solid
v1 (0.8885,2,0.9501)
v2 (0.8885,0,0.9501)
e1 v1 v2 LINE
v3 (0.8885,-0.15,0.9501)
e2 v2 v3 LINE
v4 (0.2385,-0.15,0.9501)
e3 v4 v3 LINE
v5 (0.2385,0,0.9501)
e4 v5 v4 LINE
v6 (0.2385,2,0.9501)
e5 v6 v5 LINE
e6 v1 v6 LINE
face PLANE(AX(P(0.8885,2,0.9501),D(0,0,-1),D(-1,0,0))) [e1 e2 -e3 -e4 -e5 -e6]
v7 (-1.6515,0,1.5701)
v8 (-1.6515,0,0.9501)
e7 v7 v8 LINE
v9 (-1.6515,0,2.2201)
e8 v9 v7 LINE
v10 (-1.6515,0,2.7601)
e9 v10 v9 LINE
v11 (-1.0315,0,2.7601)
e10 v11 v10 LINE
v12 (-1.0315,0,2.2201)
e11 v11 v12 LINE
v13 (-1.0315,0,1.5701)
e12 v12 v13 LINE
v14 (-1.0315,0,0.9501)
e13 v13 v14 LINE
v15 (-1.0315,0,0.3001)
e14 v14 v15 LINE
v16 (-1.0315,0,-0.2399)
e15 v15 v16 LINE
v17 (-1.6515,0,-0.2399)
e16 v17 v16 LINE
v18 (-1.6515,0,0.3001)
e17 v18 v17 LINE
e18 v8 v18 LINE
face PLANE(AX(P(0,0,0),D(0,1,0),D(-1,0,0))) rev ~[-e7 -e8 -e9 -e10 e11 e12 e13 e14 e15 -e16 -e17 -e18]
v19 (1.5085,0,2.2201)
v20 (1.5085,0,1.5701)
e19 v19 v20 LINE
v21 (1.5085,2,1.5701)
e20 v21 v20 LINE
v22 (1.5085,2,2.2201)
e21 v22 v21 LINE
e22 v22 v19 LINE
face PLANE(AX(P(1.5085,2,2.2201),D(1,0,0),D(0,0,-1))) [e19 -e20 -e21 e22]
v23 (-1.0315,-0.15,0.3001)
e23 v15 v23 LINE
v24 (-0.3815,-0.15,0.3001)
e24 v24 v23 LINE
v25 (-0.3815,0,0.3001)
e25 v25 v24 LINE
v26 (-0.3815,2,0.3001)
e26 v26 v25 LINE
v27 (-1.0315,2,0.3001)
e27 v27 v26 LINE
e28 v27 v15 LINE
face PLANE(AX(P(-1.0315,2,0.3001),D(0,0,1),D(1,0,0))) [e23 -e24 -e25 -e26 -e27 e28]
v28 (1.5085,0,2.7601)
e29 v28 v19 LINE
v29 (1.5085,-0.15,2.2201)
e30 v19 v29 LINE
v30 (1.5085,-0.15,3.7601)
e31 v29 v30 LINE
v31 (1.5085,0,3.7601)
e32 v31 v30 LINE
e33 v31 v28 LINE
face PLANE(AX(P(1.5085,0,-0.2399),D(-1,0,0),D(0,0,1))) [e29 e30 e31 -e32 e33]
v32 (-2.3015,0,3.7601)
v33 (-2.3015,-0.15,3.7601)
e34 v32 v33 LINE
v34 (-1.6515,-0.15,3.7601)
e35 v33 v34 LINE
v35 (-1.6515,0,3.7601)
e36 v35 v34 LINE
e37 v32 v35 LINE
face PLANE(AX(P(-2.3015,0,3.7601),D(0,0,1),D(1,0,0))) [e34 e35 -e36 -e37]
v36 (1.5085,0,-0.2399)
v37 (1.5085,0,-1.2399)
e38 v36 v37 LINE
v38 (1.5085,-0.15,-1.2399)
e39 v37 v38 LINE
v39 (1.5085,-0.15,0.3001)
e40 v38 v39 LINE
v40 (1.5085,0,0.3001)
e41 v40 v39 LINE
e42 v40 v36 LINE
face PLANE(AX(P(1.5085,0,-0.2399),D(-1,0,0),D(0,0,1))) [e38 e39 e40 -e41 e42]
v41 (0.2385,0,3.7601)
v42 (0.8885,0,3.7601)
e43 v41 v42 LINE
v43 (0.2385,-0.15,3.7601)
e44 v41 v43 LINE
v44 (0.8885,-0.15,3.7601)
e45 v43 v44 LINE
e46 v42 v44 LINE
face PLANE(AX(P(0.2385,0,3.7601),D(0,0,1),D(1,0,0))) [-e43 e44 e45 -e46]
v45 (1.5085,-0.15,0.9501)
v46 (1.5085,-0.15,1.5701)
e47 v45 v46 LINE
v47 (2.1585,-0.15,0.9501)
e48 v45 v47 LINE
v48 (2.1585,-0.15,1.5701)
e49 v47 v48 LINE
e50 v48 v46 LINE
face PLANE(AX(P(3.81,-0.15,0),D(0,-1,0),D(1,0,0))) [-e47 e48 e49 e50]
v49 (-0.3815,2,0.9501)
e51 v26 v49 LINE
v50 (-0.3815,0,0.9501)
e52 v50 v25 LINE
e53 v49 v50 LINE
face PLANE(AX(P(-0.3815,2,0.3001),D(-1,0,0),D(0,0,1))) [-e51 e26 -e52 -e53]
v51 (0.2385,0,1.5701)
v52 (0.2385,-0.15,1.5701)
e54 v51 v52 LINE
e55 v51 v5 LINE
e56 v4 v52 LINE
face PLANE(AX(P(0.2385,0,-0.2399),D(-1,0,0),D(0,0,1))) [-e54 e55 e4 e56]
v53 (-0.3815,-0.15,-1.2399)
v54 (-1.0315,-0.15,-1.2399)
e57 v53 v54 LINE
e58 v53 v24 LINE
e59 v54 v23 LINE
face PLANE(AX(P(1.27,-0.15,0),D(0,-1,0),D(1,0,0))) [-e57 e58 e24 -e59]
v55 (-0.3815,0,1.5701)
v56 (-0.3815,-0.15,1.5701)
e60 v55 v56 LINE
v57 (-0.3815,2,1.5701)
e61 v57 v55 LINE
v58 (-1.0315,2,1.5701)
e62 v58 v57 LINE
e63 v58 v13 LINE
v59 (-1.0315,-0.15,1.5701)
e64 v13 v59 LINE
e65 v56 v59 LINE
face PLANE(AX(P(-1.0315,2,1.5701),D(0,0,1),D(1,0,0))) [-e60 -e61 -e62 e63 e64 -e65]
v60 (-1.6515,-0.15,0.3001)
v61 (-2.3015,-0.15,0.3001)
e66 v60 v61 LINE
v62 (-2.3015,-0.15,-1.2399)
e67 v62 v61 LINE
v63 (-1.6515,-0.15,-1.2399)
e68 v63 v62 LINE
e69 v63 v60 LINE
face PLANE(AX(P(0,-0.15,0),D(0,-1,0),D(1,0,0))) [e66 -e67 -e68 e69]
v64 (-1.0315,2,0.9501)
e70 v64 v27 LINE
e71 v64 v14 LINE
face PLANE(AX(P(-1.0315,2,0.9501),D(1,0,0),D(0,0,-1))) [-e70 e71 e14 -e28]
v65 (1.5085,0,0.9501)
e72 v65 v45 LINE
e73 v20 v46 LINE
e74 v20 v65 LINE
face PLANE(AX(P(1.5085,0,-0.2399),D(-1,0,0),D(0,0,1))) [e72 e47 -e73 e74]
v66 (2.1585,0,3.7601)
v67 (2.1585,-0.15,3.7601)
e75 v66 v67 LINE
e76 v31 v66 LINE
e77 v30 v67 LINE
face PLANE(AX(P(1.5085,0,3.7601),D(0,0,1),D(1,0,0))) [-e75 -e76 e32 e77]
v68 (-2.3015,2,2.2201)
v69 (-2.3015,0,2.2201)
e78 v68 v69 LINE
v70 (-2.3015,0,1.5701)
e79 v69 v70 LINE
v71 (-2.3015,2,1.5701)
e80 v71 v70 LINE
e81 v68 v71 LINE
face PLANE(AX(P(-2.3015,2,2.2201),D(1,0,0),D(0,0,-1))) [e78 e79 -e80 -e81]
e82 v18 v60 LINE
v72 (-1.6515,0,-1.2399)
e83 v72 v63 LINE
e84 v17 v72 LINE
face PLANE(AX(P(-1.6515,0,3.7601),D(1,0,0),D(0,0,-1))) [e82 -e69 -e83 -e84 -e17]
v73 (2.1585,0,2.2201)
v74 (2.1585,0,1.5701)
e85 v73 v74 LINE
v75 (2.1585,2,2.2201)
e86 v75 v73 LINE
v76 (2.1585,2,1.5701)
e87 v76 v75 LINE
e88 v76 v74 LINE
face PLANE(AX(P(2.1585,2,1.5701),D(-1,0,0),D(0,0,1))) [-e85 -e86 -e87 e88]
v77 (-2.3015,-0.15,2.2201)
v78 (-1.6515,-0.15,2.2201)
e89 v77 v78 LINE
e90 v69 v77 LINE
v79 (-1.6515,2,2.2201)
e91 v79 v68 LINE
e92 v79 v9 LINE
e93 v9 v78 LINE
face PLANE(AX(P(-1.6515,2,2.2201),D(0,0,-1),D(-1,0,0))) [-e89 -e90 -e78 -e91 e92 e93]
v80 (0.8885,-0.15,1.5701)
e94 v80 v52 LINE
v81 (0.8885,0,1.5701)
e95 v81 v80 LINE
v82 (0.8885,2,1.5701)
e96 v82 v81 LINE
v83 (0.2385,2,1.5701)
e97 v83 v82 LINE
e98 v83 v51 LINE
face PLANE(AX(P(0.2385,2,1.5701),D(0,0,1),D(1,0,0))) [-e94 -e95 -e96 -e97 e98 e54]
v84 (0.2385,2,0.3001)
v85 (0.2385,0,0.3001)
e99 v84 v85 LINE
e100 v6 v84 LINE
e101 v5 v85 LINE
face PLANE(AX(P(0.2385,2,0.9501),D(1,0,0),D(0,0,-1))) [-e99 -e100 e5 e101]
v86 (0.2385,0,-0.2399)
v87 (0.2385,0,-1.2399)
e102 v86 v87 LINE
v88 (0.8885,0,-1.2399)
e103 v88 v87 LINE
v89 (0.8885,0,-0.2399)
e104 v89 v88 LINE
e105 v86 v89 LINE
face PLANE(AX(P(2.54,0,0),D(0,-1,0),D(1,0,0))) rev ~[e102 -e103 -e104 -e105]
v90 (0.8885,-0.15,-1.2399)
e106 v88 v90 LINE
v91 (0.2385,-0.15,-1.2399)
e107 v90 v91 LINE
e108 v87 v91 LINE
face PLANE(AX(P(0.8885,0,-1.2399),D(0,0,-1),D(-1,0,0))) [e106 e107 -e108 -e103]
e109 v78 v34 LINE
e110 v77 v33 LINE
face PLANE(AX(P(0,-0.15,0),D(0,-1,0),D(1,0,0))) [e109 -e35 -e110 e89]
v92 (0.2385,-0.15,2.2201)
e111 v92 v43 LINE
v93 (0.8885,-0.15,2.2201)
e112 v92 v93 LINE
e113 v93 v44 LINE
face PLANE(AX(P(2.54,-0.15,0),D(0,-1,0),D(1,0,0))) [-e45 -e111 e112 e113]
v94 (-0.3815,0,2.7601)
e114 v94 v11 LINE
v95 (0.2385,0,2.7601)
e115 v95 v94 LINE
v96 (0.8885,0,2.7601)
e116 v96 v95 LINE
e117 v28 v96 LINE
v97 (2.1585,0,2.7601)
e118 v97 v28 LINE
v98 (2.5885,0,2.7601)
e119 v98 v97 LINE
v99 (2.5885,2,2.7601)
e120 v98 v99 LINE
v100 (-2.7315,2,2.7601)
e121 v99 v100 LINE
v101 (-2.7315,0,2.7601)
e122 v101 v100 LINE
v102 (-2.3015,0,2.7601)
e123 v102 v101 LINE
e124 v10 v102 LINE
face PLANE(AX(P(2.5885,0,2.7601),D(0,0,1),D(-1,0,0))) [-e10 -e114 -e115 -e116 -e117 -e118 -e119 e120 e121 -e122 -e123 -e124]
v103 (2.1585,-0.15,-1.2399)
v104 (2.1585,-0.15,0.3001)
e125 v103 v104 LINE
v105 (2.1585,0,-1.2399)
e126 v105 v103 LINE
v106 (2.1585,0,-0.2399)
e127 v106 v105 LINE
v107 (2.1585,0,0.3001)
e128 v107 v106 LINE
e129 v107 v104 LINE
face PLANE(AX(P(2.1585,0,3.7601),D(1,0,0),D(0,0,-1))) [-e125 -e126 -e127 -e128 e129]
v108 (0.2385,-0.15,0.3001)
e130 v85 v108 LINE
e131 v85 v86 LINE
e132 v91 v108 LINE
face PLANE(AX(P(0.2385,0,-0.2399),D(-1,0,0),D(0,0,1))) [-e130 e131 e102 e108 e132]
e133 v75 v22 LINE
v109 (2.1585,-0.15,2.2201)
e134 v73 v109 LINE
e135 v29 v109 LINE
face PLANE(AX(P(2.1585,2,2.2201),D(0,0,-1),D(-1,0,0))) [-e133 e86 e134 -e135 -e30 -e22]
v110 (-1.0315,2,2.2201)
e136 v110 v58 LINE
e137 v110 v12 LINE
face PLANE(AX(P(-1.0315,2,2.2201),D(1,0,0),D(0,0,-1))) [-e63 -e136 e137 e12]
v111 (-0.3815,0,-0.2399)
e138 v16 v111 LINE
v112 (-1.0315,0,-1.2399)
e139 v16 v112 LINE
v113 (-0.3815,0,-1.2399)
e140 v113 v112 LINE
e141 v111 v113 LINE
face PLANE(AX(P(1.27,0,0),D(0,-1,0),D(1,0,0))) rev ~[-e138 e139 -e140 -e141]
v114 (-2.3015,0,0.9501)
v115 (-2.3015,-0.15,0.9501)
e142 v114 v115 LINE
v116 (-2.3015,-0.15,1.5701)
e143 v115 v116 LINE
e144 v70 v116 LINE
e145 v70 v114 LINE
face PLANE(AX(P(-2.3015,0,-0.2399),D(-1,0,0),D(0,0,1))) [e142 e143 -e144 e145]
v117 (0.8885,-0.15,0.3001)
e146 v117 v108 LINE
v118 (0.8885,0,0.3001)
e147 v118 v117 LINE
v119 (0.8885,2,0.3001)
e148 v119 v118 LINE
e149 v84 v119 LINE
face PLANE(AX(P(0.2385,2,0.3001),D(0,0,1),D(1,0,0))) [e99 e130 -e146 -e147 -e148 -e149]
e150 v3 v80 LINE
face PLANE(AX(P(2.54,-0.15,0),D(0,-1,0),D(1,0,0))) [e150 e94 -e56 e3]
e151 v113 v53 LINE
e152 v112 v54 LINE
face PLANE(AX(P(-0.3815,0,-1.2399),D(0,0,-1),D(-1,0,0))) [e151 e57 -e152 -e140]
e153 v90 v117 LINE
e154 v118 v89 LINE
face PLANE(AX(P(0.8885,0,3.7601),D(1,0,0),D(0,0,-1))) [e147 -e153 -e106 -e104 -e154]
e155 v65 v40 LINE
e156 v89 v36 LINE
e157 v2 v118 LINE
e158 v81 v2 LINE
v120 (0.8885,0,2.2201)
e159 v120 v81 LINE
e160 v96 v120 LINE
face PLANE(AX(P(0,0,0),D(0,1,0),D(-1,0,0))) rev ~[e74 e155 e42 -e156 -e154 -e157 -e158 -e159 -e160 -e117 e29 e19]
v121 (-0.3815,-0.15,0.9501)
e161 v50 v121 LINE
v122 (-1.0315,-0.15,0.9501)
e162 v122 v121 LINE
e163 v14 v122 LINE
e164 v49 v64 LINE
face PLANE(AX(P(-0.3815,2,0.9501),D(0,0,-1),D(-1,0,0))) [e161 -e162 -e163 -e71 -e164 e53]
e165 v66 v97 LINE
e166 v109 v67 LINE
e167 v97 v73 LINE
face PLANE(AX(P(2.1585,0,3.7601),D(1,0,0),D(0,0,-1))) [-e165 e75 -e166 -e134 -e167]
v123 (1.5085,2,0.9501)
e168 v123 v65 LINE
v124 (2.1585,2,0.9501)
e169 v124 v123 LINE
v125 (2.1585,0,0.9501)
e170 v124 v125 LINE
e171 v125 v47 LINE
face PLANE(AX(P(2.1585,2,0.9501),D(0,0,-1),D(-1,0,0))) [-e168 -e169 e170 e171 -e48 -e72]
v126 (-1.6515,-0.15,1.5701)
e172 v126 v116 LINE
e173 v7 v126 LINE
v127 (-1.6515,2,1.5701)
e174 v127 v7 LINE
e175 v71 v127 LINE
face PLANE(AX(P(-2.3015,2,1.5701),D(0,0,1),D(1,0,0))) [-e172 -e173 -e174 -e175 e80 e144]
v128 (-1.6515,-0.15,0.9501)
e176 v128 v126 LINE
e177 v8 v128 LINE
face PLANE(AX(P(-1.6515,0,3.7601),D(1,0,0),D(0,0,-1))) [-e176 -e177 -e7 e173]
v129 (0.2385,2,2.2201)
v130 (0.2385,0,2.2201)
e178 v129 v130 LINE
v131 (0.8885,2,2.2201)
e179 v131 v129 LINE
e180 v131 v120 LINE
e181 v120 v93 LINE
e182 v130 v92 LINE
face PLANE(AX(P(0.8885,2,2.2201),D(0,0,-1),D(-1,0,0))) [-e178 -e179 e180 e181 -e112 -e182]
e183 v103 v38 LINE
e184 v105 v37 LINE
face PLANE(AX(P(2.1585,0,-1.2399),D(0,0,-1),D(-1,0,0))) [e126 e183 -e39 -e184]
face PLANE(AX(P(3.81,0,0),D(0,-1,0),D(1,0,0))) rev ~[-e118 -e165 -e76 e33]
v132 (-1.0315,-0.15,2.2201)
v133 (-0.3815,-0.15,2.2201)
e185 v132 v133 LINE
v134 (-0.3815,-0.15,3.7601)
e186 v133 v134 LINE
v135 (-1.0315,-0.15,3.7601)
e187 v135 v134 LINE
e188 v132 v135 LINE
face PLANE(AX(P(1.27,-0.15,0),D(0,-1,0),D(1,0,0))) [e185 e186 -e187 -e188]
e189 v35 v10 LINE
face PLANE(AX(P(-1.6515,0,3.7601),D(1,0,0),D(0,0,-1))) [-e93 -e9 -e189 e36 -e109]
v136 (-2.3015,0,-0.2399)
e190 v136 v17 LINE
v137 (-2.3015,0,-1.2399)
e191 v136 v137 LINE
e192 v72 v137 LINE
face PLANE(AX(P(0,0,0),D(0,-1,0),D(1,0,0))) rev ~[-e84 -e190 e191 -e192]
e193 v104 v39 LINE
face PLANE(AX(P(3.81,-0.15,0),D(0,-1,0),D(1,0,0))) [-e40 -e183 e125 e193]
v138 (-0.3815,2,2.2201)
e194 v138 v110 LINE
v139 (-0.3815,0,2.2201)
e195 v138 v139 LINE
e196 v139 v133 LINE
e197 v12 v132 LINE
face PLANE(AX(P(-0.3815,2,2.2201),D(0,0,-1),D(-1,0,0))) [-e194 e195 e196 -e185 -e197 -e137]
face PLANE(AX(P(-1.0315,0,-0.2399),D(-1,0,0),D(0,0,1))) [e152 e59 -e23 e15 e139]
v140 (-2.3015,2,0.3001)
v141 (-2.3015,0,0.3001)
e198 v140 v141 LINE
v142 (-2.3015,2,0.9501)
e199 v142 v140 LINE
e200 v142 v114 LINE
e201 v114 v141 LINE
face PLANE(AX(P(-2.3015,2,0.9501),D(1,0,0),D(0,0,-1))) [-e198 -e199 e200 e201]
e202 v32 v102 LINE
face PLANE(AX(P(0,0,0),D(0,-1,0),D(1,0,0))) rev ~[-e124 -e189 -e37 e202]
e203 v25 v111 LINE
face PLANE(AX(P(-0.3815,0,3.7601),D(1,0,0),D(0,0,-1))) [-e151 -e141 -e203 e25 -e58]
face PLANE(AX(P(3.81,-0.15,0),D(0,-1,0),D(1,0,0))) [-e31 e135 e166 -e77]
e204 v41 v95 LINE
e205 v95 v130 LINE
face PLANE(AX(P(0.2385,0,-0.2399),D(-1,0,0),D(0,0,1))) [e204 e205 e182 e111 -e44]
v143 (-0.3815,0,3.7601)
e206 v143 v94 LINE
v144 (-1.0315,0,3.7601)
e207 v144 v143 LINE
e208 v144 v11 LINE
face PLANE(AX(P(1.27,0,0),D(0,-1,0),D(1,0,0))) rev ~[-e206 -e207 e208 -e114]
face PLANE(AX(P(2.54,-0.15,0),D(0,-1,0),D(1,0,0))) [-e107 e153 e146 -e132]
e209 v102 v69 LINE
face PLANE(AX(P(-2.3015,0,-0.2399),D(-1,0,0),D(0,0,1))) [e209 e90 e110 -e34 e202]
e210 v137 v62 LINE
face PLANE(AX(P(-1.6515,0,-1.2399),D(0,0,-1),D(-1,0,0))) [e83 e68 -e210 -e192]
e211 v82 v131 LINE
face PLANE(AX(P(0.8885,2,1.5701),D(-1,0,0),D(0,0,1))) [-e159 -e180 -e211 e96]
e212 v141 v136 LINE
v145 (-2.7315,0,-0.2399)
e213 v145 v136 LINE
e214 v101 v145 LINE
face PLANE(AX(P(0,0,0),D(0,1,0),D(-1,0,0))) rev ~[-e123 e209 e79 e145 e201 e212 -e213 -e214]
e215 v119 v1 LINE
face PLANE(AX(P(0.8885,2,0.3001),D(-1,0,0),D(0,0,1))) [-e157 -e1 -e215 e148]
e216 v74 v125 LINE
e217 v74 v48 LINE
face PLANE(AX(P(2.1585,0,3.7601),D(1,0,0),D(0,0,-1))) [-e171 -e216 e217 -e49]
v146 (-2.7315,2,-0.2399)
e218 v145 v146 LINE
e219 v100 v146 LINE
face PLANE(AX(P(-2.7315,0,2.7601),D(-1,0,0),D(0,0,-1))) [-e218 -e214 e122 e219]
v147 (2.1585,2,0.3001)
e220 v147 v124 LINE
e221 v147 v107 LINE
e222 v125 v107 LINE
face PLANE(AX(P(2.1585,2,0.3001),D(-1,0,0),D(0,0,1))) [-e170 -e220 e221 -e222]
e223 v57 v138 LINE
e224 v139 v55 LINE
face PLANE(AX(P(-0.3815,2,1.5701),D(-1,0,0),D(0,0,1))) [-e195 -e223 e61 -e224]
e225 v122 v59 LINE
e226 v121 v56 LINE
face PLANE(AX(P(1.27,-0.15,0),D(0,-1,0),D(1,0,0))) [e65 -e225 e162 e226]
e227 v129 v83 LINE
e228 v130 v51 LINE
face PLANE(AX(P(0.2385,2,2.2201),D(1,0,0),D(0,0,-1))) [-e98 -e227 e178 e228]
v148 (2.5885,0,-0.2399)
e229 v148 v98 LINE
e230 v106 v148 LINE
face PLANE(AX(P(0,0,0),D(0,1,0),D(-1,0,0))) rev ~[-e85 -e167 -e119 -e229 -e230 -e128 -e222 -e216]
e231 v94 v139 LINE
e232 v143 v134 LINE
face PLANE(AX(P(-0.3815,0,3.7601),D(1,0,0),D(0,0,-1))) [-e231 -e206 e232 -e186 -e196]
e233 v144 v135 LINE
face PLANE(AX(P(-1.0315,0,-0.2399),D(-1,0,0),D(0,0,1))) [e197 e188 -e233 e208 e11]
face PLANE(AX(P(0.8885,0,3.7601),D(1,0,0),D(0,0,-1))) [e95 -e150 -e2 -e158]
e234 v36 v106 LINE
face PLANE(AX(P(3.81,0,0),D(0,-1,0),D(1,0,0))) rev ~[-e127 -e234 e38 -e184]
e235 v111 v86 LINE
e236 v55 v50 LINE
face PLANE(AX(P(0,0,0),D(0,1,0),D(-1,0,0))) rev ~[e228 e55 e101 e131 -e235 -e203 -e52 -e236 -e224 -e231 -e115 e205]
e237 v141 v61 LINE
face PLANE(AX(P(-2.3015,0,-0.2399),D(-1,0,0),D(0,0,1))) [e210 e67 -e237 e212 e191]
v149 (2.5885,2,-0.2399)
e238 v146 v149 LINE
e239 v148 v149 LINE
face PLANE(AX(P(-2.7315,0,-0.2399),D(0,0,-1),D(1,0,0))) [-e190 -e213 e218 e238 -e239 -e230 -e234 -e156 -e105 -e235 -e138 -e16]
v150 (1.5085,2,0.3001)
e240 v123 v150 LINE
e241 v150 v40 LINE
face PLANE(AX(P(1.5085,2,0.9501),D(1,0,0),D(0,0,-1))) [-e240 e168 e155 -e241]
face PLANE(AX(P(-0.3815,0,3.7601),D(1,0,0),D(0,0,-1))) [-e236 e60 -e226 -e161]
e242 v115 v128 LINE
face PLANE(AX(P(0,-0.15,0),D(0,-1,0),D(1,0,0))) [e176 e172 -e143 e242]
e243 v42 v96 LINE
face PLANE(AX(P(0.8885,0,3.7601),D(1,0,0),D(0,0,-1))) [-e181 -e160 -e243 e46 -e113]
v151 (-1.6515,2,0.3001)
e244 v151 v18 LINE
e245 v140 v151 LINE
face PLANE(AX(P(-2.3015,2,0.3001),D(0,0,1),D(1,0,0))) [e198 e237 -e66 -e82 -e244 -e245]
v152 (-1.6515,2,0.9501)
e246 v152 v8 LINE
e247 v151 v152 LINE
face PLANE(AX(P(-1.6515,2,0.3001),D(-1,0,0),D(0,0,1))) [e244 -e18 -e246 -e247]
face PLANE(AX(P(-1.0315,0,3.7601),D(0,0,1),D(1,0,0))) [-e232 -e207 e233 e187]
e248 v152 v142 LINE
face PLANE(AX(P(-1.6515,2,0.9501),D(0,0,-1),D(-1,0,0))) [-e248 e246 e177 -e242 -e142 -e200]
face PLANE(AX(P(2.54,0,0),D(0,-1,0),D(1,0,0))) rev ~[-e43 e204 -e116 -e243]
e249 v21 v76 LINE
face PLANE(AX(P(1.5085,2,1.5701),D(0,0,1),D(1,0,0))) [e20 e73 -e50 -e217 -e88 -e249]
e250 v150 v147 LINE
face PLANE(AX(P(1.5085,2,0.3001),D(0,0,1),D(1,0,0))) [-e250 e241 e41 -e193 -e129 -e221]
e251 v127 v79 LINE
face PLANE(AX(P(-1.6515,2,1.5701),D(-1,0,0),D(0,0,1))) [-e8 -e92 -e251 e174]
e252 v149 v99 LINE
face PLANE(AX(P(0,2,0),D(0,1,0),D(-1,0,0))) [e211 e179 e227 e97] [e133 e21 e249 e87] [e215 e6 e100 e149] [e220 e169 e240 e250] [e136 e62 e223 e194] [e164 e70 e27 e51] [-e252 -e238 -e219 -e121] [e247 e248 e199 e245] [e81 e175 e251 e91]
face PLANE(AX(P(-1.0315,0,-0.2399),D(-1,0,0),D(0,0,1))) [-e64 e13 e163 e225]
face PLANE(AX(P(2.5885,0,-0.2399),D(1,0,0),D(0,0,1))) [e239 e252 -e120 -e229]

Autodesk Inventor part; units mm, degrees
ref_plane "YZ Plane" through (0, 0, 0) normal (1, 0, 0) x (0, 1, 0)
ref_plane "XZ Plane" through (0, 0, 0) normal (0, 1, 0) x (-1, 0, 0)
ref_plane "XY Plane" through (0, 0, 0) normal (0, 0, 1) x (1, 0, 0)
sketch "Sketch1" plane through (0, 0, 0) normal (0, 1, 0) x (-1, 0, 0)
  line L0 (-2.5885, 2.7601) -> (2.7315, 2.7601)
  line L1 (2.7315, 2.7601) -> (2.7315, -0.2399)
  line L2 (2.7315, -0.2399) -> (-2.5885, -0.2399)
  line L3 (-2.5885, -0.2399) -> (-2.5885, 2.7601)
  point P0 (0, 0)
  dimension "d0" = 5.32
  dimension "d1" = 3
extrude "Extrusion1" add sketch "Sketch1" along normal blind 2
sketch "Sketch2" plane through (0, 0, 0) normal (0, -1, 0) x (1, 0, 0)
  line L0 (-2.7315, 2.7601) -> (-2.7315, -0.2399) projected
  line L1 (-2.7315, -0.2399) -> (2.5885, -0.2399) projected
  line L2 (-2.3015, 3.7601) -> (-1.6515, 3.7601)
  line L3 (-1.6515, 3.7601) -> (-1.6515, -1.2399)
  line L4 (-1.6515, -1.2399) -> (-2.3015, -1.2399)
  line L5 (-2.3015, -1.2399) -> (-2.3015, 3.7601)
  point P0 (0, 0)
  dimension "d4" = 5
  dimension "d5" = 0.65
  dimension "d6" = 1
  dimension "d7" = 0.43
extrude "Extrusion2" add sketch "Sketch2" along normal blind 0.15
pattern_linear "Rectangular Pattern1" count 4 spacing 1.27 along (1, 0, 0) of "Extrusion2"
sketch "Sketch3" plane through (0, 2, 0) normal (0, 1, 0) x (1, 0, 0)
  line L0 (2.5885, 0.2399) -> (-2.7315, 0.2399) projected
  line L1 (-2.7315, 0.2399) -> (-2.7315, -2.7601) projected
  line L2 (-2.3015, -0.3001) -> (-1.6515, -0.3001)
  line L3 (-1.6515, -0.3001) -> (-1.6515, -0.9501)
  line L4 (-1.6515, -0.9501) -> (-2.3015, -0.9501)
  line L5 (-2.3015, -0.9501) -> (-2.3015, -0.3001)
  point P0 (0, 0)
  dimension "d13" = 0.65
  dimension "d14" = 0.65
  dimension "d15" = 0.43
  dimension "d16" = 0.54
extrude "Extrusion3" cut sketch "Sketch3" against normal through all
pattern_linear "Rectangular Pattern2" count 4 spacing 1.27 along (1, 0, 0) count 2 spacing 1.27 along (0, 0, 1) of "Extrusion3"
properties part number "127mm2Row8PosFemale"
